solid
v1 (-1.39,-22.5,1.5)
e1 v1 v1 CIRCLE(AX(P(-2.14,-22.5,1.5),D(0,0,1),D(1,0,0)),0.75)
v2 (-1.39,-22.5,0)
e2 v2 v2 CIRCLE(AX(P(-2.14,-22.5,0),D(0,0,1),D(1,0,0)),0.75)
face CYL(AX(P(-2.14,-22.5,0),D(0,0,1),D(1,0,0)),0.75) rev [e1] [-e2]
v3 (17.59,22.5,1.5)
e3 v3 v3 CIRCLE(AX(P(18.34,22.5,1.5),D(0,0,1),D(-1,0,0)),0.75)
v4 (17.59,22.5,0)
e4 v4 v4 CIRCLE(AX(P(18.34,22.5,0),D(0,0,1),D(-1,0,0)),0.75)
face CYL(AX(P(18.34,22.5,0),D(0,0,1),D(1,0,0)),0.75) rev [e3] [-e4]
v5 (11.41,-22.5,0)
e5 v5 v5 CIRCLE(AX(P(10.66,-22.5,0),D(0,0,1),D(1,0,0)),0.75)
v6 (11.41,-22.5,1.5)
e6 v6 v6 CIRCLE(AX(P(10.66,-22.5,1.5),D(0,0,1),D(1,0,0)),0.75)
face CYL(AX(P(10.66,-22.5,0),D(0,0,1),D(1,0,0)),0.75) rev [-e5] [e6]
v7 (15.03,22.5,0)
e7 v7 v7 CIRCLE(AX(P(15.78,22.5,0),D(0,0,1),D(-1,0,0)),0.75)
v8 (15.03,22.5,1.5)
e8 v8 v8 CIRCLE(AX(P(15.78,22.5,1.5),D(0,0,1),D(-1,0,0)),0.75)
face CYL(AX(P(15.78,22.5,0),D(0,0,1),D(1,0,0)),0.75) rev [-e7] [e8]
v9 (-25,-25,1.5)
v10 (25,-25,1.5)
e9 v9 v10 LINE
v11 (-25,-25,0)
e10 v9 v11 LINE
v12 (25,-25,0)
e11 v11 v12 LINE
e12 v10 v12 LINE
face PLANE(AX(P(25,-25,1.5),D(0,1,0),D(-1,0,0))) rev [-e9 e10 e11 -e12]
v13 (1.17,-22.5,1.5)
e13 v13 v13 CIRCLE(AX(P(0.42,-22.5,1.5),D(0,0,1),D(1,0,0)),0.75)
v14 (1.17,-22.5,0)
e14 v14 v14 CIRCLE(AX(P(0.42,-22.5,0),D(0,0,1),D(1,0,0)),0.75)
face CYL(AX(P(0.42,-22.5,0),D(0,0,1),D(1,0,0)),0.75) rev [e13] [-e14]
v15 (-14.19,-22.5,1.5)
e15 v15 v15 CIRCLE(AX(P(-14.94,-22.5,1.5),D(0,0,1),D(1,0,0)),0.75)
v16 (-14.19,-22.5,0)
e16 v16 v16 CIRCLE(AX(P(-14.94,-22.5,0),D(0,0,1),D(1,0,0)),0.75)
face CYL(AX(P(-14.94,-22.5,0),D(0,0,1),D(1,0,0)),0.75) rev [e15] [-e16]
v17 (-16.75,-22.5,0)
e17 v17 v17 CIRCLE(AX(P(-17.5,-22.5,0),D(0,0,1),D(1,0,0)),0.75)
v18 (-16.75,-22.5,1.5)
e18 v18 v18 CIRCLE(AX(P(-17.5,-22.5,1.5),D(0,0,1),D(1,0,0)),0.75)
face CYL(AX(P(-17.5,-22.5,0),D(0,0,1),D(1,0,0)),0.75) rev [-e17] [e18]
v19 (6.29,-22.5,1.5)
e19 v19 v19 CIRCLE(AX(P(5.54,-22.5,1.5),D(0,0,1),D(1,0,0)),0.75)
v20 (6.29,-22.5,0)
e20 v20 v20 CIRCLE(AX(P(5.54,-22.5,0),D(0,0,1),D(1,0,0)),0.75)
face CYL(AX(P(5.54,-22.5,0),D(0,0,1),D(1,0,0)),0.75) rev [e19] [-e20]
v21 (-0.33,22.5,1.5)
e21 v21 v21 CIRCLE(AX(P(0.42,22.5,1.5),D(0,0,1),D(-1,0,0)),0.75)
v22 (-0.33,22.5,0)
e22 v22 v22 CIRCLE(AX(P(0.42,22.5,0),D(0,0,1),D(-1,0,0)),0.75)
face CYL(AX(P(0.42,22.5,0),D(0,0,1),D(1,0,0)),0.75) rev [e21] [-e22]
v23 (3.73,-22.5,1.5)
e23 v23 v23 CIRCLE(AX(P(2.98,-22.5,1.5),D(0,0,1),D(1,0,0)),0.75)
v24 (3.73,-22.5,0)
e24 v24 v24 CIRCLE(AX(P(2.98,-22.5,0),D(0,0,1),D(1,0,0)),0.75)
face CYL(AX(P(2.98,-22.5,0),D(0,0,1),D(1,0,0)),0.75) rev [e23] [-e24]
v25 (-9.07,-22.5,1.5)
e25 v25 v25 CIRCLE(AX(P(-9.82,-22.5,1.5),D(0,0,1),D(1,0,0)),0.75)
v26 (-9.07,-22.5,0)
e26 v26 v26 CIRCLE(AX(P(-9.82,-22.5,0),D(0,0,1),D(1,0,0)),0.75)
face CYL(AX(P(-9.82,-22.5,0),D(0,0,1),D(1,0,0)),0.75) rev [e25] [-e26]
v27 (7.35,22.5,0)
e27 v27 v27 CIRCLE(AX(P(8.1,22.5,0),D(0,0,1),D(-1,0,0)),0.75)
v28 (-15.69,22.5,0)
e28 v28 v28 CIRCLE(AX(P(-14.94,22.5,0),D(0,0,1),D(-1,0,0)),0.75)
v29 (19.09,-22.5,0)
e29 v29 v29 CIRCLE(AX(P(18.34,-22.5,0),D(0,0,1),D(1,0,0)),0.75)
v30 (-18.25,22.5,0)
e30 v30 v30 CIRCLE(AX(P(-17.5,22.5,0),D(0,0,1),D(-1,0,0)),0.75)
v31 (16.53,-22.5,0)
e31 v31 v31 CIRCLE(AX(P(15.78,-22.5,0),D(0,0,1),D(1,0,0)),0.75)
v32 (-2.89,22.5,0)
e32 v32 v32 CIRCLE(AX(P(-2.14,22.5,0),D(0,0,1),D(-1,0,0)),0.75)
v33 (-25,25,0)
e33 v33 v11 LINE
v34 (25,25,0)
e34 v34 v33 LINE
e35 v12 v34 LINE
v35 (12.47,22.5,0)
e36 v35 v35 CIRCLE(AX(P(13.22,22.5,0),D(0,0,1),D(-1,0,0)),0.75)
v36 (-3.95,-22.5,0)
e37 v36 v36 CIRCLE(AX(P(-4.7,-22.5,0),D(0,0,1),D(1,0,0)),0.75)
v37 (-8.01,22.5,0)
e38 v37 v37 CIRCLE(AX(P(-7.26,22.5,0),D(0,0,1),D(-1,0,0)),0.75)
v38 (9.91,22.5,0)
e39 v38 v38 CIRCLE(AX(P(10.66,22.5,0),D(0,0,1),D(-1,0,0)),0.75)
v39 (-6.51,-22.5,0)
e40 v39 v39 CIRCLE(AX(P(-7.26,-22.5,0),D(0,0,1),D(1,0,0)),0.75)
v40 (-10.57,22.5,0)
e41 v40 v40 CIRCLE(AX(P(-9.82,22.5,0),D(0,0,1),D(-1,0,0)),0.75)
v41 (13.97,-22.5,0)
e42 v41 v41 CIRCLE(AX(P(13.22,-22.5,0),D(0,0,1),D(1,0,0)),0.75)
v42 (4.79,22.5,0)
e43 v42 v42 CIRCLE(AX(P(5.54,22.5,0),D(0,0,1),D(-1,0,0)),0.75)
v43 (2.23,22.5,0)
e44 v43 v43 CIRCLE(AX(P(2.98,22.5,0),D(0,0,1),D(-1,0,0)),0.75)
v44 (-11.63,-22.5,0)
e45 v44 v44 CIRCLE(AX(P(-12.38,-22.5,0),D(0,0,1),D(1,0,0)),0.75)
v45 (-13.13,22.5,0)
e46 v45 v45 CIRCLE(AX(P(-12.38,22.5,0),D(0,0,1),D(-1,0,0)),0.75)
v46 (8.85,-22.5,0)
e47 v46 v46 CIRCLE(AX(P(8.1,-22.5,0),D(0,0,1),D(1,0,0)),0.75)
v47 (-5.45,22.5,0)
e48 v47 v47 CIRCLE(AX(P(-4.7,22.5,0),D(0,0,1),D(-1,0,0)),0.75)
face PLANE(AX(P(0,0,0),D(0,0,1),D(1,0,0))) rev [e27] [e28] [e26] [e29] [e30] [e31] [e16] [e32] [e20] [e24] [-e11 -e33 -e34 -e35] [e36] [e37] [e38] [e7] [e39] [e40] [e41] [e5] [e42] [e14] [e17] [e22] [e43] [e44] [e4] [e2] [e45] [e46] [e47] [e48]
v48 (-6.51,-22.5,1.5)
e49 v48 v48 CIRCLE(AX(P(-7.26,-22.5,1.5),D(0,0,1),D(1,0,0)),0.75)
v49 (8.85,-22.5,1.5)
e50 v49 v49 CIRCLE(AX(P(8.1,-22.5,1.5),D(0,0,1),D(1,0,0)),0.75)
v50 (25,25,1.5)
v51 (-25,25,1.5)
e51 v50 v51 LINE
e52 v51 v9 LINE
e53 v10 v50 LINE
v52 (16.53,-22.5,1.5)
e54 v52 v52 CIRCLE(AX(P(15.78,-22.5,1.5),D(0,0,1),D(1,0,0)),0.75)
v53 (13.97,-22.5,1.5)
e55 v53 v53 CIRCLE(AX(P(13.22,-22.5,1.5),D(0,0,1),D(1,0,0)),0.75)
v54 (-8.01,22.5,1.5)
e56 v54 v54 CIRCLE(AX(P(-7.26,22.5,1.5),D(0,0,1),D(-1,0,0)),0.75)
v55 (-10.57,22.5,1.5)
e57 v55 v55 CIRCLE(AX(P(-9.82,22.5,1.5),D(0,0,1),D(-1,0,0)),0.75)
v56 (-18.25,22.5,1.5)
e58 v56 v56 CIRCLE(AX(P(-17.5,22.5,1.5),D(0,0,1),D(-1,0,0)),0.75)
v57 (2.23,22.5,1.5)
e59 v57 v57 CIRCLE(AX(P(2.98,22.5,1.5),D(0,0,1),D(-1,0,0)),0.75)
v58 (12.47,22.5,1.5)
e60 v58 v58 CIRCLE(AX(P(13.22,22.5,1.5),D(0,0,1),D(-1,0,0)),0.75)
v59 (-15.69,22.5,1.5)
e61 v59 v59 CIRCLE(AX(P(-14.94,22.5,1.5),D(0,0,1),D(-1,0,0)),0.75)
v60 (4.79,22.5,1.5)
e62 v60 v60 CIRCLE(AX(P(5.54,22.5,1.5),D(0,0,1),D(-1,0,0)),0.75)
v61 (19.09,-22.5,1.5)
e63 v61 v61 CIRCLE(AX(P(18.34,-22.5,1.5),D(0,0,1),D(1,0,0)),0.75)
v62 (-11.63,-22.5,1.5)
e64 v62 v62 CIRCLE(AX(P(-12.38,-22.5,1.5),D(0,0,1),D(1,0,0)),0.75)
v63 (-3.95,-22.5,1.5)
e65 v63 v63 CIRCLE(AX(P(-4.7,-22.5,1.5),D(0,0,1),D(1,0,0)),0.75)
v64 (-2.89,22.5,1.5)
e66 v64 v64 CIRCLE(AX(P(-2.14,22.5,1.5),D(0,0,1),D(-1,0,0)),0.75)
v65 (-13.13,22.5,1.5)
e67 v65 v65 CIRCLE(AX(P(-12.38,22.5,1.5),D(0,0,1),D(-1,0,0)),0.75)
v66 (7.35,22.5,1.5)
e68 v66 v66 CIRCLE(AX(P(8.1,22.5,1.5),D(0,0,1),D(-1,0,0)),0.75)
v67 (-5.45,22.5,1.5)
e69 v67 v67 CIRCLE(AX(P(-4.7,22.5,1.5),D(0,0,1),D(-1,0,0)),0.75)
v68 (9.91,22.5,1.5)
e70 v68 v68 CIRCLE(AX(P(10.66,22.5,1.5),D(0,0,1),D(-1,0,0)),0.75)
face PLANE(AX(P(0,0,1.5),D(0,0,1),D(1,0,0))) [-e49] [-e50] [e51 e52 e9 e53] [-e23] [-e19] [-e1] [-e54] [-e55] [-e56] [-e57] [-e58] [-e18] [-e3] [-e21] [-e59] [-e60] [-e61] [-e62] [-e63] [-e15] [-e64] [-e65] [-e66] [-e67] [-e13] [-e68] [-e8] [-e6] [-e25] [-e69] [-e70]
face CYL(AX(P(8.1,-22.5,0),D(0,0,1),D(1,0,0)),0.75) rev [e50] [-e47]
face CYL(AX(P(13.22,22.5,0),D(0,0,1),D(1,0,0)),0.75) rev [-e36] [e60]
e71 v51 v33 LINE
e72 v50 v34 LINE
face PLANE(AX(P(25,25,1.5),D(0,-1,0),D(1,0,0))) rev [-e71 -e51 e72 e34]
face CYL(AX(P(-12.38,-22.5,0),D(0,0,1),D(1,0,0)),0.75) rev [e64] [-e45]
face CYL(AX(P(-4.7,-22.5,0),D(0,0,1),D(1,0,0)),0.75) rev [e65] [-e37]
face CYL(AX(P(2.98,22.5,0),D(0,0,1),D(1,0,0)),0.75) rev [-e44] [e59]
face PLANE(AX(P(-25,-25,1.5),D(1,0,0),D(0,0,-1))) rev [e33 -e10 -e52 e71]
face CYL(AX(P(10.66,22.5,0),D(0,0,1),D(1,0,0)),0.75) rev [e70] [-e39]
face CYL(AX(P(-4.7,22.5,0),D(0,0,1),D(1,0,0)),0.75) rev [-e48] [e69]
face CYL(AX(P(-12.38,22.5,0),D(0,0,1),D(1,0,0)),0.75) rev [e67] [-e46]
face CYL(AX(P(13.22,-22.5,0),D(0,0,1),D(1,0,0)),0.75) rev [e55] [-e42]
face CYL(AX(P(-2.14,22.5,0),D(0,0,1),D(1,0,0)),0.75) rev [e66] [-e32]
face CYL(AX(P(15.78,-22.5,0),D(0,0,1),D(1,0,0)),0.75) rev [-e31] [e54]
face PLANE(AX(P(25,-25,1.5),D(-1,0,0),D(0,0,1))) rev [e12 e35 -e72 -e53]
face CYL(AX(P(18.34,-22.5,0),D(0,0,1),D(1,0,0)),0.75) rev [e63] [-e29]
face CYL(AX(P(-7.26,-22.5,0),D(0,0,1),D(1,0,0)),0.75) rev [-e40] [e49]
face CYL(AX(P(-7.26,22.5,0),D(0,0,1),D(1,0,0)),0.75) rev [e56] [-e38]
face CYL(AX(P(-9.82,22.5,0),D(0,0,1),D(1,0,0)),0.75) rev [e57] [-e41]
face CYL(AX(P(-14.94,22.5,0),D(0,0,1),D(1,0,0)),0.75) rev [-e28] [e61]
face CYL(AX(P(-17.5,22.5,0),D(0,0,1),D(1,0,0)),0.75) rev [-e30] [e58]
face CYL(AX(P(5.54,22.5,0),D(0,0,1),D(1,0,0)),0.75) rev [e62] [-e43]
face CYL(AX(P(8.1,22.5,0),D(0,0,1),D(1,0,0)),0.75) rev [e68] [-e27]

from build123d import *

# Parameters (mm, degrees)
SKETCH1_W           = 50
SKETCH1_H           = 50
BOSS_EXTRUDE1_DEPTH = 1.5
SKETCH2_R           = 0.75
CUT_EXTRUDE1_DEPTH  = 2.5


with BuildPart() as part:
    # Sketch1 → Boss-Extrude1 (new body)
    with BuildSketch(Plane.XY):
        Rectangle(SKETCH1_W, SKETCH1_H)
    extrude(amount=BOSS_EXTRUDE1_DEPTH)

    # Sketch2 → Cut-Extrude1 (cut, through all)
    with BuildSketch(Plane.XY.offset(1.5)):
        with Locations((-17.5, -22.5)):
            Circle(SKETCH2_R)
        with Locations((-14.94, -22.5)):
            Circle(SKETCH2_R)
        with Locations((-12.38, -22.5)):
            Circle(SKETCH2_R)
        with Locations((-9.82, -22.5)):
            Circle(SKETCH2_R)
        with Locations((-7.26, -22.5)):
            Circle(SKETCH2_R)
        with Locations((-4.7, -22.5)):
            Circle(SKETCH2_R)
        with Locations((-2.14, -22.5)):
            Circle(SKETCH2_R)
        with Locations((0.42, -22.5)):
            Circle(SKETCH2_R)
        with Locations((2.98, -22.5)):
            Circle(SKETCH2_R)
        with Locations((5.54, -22.5)):
            Circle(SKETCH2_R)
        with Locations((8.1, -22.5)):
            Circle(SKETCH2_R)
        with Locations((10.66, -22.5)):
            Circle(SKETCH2_R)
        with Locations((13.22, -22.5)):
            Circle(SKETCH2_R)
        with Locations((15.78, -22.5)):
            Circle(SKETCH2_R)
        with Locations((18.34, -22.5)):
            Circle(SKETCH2_R)
        with Locations((18.34, 22.5)):
            Circle(SKETCH2_R)
        with Locations((15.78, 22.5)):
            Circle(SKETCH2_R)
        with Locations((13.22, 22.5)):
            Circle(SKETCH2_R)
        with Locations((10.66, 22.5)):
            Circle(SKETCH2_R)
        with Locations((8.1, 22.5)):
            Circle(SKETCH2_R)
        with Locations((5.54, 22.5)):
            Circle(SKETCH2_R)
        with Locations((2.98, 22.5)):
            Circle(SKETCH2_R)
        with Locations((0.42, 22.5)):
            Circle(SKETCH2_R)
        with Locations((-2.14, 22.5)):
            Circle(SKETCH2_R)
        with Locations((-4.7, 22.5)):
            Circle(SKETCH2_R)
        with Locations((-7.26, 22.5)):
            Circle(SKETCH2_R)
        with Locations((-9.82, 22.5)):
            Circle(SKETCH2_R)
        with Locations((-12.38, 22.5)):
            Circle(SKETCH2_R)
        with Locations((-14.94, 22.5)):
            Circle(SKETCH2_R)
        with Locations((-17.5, 22.5)):
            Circle(SKETCH2_R)
    extrude(amount=-CUT_EXTRUDE1_DEPTH, mode=Mode.SUBTRACT)


solid = part.part
